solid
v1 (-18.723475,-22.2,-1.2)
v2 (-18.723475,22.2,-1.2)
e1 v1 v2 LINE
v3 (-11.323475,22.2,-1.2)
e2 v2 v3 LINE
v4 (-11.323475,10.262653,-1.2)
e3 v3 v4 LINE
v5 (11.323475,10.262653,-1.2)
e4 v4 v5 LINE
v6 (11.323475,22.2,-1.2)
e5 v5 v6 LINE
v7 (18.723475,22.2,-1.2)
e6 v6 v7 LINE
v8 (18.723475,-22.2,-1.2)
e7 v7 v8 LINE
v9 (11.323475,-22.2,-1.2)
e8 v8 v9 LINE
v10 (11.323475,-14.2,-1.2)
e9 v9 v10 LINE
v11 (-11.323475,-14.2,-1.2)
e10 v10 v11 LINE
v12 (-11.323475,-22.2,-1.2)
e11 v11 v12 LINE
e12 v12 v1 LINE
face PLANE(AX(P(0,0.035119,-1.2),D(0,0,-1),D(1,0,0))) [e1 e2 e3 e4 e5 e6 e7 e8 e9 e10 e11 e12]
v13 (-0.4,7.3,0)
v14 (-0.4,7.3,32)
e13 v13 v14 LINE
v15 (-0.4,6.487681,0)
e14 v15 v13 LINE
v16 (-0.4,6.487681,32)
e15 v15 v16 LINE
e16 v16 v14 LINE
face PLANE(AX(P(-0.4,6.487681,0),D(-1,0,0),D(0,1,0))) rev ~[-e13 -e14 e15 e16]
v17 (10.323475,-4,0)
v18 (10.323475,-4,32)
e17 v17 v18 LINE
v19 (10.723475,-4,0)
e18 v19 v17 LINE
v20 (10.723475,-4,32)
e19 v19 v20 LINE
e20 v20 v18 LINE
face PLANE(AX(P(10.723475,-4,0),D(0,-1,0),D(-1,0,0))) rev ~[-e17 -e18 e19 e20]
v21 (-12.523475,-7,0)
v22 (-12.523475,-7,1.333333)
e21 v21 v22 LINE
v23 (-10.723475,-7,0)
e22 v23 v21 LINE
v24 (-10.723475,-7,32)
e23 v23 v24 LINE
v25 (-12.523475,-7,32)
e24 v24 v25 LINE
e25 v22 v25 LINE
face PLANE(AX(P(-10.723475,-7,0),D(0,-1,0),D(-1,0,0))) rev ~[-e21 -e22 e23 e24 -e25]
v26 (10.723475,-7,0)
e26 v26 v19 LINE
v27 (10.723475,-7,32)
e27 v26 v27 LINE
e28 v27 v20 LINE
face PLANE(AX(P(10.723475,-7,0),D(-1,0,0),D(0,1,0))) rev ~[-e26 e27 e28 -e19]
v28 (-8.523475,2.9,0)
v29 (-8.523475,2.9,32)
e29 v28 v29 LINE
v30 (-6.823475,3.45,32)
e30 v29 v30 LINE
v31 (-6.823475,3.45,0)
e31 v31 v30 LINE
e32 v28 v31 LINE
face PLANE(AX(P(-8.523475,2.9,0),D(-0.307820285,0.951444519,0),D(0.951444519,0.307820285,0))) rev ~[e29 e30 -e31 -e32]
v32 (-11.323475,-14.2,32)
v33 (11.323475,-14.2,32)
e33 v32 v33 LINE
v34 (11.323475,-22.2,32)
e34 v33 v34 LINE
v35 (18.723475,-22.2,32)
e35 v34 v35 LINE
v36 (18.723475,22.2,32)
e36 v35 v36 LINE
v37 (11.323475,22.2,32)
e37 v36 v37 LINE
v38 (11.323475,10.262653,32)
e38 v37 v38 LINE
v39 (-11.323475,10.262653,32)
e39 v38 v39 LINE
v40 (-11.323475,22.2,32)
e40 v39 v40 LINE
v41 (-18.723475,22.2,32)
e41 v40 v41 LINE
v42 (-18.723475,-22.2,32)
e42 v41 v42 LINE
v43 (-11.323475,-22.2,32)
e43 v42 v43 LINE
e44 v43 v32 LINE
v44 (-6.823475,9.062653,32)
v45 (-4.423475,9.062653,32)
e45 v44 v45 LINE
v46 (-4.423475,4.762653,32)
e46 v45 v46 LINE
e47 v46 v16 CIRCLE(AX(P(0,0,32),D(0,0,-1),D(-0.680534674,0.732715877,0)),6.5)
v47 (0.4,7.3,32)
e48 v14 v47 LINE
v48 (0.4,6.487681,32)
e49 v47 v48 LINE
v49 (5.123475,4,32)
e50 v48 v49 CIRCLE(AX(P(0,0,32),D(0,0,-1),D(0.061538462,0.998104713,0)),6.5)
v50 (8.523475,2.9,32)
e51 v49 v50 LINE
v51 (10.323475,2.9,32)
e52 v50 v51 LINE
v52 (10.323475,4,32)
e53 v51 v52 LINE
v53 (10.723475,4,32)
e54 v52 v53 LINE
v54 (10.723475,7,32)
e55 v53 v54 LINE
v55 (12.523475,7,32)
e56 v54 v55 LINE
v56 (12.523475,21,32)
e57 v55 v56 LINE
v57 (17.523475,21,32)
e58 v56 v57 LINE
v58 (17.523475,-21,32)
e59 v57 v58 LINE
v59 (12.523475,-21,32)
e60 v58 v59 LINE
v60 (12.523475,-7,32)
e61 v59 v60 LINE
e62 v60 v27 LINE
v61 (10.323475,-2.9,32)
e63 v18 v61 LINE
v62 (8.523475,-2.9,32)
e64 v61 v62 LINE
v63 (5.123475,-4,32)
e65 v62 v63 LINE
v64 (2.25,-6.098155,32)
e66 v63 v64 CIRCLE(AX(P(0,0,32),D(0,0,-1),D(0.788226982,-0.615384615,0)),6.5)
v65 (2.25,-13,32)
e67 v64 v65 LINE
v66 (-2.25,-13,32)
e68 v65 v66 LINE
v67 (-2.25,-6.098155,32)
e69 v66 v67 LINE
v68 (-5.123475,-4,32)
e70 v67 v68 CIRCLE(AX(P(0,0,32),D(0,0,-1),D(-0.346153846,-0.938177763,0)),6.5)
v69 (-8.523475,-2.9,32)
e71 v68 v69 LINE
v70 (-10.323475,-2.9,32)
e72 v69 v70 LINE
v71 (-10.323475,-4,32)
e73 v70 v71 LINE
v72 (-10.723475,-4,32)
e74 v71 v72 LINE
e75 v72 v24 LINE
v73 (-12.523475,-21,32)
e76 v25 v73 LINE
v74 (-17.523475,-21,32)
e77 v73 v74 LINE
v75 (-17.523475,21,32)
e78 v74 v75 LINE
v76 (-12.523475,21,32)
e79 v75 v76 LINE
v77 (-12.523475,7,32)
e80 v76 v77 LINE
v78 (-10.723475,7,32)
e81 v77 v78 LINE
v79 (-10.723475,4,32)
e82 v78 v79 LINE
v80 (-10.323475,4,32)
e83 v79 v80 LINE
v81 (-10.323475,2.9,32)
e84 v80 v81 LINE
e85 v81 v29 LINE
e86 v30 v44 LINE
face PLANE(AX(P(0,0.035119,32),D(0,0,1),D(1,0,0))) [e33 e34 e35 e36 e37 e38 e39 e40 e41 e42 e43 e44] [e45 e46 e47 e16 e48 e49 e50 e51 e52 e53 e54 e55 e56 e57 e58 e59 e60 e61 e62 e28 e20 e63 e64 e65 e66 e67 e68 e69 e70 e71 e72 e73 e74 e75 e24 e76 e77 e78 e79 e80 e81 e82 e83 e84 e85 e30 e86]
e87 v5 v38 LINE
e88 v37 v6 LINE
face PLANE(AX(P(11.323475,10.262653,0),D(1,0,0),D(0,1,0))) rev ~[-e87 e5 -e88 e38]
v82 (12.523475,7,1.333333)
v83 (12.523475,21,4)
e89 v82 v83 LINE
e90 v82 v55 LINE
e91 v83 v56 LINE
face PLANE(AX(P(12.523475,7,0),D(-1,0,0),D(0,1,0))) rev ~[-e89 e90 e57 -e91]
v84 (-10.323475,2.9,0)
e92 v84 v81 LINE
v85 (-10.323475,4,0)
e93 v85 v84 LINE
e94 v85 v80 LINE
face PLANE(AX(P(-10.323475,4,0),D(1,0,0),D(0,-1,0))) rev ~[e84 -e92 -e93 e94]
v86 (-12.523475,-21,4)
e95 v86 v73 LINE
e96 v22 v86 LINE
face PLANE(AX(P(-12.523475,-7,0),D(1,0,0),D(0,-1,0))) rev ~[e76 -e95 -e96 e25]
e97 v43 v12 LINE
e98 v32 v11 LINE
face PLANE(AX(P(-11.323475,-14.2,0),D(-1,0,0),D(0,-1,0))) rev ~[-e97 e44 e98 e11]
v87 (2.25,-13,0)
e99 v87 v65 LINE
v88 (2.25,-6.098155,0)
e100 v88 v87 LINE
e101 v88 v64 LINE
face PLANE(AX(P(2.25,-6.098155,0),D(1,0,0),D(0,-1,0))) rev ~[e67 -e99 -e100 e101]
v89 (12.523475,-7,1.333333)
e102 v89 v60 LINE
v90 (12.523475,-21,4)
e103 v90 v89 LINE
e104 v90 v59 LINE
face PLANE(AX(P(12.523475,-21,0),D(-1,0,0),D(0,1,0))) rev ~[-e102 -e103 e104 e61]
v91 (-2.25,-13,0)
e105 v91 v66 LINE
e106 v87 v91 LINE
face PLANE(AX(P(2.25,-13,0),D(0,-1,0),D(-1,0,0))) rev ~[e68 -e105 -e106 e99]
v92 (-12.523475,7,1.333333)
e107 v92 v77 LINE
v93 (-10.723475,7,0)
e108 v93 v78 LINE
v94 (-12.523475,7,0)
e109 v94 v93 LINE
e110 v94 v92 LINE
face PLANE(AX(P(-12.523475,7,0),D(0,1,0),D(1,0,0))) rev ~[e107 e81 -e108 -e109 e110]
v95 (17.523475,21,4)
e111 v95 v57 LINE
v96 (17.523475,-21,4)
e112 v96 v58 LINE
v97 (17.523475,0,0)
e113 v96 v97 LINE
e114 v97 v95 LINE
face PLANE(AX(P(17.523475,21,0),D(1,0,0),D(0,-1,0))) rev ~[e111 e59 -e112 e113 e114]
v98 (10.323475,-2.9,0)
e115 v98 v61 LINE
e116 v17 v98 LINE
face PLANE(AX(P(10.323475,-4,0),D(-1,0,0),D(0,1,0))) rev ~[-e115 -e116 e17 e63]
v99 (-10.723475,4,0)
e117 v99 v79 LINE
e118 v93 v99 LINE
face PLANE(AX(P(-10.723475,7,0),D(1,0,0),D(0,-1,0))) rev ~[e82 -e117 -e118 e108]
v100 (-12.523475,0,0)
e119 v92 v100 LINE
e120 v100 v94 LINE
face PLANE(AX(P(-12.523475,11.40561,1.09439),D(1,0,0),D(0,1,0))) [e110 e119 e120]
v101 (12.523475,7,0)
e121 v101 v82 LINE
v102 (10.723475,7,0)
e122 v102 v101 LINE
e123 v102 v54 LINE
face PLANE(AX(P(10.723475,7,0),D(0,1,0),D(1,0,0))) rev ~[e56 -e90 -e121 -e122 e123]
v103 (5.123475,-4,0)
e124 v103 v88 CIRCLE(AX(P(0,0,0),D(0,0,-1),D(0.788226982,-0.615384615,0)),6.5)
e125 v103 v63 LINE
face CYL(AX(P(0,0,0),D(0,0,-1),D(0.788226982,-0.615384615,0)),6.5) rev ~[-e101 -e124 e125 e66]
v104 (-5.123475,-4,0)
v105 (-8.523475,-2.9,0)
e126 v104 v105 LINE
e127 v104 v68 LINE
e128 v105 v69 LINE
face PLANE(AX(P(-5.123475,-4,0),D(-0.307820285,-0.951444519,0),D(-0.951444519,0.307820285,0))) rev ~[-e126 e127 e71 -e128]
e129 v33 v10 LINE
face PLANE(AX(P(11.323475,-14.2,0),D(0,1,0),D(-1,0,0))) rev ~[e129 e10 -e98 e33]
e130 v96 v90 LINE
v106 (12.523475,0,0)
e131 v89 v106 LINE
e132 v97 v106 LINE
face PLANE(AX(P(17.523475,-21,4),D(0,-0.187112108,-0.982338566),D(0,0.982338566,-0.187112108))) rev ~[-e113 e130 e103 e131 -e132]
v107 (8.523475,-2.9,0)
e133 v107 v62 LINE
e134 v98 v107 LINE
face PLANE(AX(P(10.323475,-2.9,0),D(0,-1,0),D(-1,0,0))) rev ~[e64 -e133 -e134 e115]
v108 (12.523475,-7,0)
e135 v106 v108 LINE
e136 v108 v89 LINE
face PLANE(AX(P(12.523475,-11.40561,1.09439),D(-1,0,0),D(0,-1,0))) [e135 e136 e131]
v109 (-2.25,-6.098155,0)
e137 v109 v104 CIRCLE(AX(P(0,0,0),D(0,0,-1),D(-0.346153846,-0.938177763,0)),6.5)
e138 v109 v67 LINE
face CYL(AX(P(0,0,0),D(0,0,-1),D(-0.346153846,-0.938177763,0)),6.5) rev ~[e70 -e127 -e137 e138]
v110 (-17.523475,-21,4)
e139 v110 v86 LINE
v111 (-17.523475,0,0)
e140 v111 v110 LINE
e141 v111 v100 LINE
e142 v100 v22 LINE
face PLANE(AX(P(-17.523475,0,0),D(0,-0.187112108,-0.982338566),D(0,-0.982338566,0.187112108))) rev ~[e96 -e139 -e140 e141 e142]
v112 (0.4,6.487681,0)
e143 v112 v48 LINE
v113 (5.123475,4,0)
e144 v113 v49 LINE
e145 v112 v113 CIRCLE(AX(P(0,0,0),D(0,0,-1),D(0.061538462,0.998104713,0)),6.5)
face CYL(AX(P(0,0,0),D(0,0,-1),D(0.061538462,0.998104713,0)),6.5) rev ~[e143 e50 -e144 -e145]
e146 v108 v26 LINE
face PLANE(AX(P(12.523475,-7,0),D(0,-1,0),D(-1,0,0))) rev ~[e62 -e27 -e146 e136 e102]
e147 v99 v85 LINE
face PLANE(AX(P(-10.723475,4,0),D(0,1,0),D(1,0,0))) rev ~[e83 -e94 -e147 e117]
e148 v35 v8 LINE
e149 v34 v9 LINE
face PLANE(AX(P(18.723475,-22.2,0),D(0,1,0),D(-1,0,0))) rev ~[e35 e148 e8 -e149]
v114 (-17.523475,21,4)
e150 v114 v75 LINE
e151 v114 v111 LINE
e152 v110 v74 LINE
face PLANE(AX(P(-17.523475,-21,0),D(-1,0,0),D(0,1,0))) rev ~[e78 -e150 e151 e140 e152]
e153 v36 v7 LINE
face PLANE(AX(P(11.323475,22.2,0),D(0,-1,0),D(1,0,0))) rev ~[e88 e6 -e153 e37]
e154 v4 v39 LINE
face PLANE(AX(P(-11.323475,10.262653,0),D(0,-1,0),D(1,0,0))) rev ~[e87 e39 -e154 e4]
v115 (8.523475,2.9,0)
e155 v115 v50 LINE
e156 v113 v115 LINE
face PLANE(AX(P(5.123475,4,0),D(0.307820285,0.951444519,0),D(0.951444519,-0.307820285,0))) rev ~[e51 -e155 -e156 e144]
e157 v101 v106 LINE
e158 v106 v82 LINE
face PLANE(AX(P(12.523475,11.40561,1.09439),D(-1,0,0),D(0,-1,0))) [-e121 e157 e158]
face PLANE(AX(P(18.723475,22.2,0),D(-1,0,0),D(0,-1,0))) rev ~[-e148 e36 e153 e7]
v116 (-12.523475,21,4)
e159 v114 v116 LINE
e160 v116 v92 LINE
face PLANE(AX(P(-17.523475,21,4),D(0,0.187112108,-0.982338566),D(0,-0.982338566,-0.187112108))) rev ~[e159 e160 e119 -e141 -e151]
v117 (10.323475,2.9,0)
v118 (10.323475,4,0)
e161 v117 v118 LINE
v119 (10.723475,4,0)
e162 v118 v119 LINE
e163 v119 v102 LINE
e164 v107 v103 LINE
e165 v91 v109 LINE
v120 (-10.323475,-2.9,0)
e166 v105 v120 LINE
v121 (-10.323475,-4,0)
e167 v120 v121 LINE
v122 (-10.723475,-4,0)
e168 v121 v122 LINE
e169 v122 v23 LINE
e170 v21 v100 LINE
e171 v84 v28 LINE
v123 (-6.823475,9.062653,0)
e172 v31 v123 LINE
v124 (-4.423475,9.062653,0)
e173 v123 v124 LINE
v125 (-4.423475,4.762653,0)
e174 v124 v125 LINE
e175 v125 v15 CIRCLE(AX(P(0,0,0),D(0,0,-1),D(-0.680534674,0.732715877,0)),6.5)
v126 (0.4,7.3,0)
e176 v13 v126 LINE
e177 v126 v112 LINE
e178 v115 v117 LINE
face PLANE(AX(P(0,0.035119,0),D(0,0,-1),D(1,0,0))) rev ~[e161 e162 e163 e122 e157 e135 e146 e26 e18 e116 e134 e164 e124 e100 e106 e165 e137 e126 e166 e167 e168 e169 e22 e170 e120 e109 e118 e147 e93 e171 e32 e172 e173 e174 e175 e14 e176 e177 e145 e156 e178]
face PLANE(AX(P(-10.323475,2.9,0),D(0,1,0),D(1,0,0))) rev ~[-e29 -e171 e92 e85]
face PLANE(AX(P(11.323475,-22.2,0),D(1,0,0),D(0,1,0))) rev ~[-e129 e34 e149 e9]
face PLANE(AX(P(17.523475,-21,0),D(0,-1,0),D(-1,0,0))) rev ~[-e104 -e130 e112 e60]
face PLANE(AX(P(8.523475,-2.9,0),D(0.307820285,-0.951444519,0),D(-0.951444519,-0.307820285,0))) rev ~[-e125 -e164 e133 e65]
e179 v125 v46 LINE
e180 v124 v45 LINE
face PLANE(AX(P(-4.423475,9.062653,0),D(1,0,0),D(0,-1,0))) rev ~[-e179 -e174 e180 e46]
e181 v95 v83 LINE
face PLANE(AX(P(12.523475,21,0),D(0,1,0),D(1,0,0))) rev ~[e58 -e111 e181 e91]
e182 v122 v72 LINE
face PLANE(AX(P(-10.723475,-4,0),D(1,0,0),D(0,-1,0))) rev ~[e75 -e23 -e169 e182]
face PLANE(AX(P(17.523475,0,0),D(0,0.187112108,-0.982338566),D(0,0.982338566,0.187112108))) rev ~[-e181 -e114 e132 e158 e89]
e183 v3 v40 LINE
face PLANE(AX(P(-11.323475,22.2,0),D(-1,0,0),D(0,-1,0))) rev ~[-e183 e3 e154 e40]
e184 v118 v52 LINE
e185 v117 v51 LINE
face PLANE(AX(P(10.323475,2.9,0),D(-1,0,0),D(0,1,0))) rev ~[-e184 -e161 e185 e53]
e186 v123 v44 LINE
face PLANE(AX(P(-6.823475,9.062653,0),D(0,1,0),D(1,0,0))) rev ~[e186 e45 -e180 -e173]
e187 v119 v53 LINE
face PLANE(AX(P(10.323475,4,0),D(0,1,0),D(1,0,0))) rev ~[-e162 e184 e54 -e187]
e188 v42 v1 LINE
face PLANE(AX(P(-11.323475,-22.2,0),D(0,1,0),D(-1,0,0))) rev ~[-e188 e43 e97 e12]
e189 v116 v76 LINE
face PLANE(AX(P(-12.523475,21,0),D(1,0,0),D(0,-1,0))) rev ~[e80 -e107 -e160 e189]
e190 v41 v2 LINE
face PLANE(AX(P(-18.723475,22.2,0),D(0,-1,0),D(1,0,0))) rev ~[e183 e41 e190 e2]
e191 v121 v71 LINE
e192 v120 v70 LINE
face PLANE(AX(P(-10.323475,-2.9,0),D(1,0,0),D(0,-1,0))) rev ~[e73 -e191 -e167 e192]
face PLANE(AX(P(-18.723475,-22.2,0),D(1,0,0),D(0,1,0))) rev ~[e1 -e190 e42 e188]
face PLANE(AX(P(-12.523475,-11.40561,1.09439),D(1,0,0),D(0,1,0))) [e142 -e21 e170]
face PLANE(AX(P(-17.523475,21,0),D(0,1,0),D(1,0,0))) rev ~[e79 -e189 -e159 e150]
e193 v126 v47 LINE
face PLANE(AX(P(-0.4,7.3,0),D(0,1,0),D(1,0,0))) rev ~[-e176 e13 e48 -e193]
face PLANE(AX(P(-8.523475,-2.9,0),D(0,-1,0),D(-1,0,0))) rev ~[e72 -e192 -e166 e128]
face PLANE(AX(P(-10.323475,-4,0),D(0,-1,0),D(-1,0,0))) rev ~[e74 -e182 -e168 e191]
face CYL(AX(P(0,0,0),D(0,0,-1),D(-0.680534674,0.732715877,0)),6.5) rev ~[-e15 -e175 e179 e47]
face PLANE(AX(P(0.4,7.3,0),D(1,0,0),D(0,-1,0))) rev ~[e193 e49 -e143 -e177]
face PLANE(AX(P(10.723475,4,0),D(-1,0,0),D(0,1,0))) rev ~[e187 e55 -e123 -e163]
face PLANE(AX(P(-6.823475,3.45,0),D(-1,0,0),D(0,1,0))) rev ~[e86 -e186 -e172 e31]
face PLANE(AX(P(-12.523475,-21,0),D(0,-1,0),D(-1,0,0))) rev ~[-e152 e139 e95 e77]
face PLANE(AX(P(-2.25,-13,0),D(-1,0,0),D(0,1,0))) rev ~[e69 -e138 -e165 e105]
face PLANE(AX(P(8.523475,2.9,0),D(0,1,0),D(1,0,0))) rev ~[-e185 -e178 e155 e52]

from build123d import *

# Parameters (mm, degrees)
F1_DEPTH = 32
F3_DEPTH = 1.2
F7_DEPTH = 5
F8_DEPTH = 5


with BuildPart() as f1:
    # F0 (on Top) → F1 (new body)
    with BuildSketch(Plane.XY):
        Polygon((-18.723475383, -22.2), (-11.323475383, -22.2), (-11.323475383, -14.2), (-2.25, -14.2), (2.25, -14.2), (11.323475383, -14.2), (11.323475383, -22.2), (18.723475383, -22.2), (18.723475383, 0), (18.723475383, 22.2), (11.323475383, 22.2), (11.323475383, 10.2626532034), (-4.423475383, 10.2626532034), (-6.823475383, 10.2626532034), (-11.323475383, 10.2626532034), (-11.323475383, 22.2), (-18.723475383, 22.2), (-18.723475383, 0), align=None)
        with BuildLine():
            ThreePointArc((-2.25, -6.0981554588), (-3.833092601, -5.2495143691), (-5.123475383, -4))
            Line((-5.123475383, -4), (-8.523475383, -2.9))
            Line((-8.523475383, -2.9), (-10.323475383, -2.9))
            Line((-10.323475383, -2.9), (-10.323475383, -4))
            Line((-10.323475383, -4), (-10.723475383, -4))
            Line((-10.723475383, -4), (-10.723475383, -7))
            Line((-10.723475383, -7), (-12.523475383, -7))
            Line((-12.523475383, -7), (-12.523475383, -21))
            Line((-12.523475383, -21), (-17.523475383, -21))
            Line((-17.523475383, -21), (-17.523475383, 0))
            Line((-17.523475383, 0), (-17.523475383, 21))
            Line((-17.523475383, 21), (-12.523475383, 21))
            Line((-12.523475383, 21), (-12.523475383, 7))
            Line((-12.523475383, 7), (-10.723475383, 7))
            Line((-10.723475383, 7), (-10.723475383, 4))
            Line((-10.723475383, 4), (-10.323475383, 4))
            Line((-10.323475383, 4), (-10.323475383, 2.9))
            Line((-10.323475383, 2.9), (-8.523475383, 2.9))
            Line((-8.523475383, 2.9), (-6.823475383, 3.45))
            Line((-6.823475383, 3.45), (-6.823475383, 9.0626532034))
            Line((-6.823475383, 9.0626532034), (-4.423475383, 9.0626532034))
            Line((-4.423475383, 9.0626532034), (-4.423475383, 4.7626532034))
            ThreePointArc((-4.423475383, 4.7626532034), (-2.5613294597, 5.9740766148), (-0.4, 6.4876806333))
            Line((-0.4, 6.4876806333), (-0.4, 7.3))
            Line((-0.4, 7.3), (0, 7.3))
            Line((0, 7.3), (0.4, 7.3))
            Line((0.4, 7.3), (0.4, 6.4876806333))
            ThreePointArc((0.4, 6.4876806333), (3.0289162765, 5.7511447721), (5.123475383, 4))
            Line((5.123475383, 4), (8.523475383, 2.9))
            Line((8.523475383, 2.9), (10.323475383, 2.9))
            Line((10.323475383, 2.9), (10.323475383, 4))
            Line((10.323475383, 4), (10.723475383, 4))
            Line((10.723475383, 4), (10.723475383, 7))
            Line((10.723475383, 7), (12.523475383, 7))
            Line((12.523475383, 7), (12.523475383, 21))
            Line((12.523475383, 21), (17.523475383, 21))
            Line((17.523475383, 21), (17.523475383, 0))
            Line((17.523475383, 0), (17.523475383, -21))
            Line((17.523475383, -21), (12.523475383, -21))
            Line((12.523475383, -21), (12.523475383, -7))
            Line((12.523475383, -7), (10.723475383, -7))
            Line((10.723475383, -7), (10.723475383, -4))
            Line((10.723475383, -4), (10.323475383, -4))
            Line((10.323475383, -4), (10.323475383, -2.9))
            Line((10.323475383, -2.9), (8.523475383, -2.9))
            Line((8.523475383, -2.9), (5.123475383, -4))
            ThreePointArc((5.123475383, -4), (3.833092601, -5.2495143691), (2.25, -6.0981554588))
            Line((2.25, -6.0981554588), (2.25, -13))
            Line((2.25, -13), (-2.25, -13))
            Line((-2.25, -13), (-2.25, -6.0981554588))
        make_face(mode=Mode.SUBTRACT)
    extrude(amount=F1_DEPTH)

    # F2 (on face) → F3 (join)
    with BuildSketch(Plane(origin=(0, 0, 0), x_dir=(1, 0, 0), z_dir=(0, 0, -1))):
        Polygon((11.323475383, -10.2626532034), (11.323475383, -22.2), (18.723475383, -22.2), (18.723475383, 0), (18.723475383, 22.2), (11.323475383, 22.2), (11.323475383, 14.2), (-11.323475383, 14.2), (-11.323475383, 22.2), (-18.723475383, 22.2), (-18.723475383, -22.2), (-11.323475383, -22.2), (-11.323475383, -10.2626532034), align=None)
        with BuildLine():
            Line((17.523475383, 21), (17.523475383, 0))
            Line((17.523475383, 0), (17.523475383, -21))
            Line((17.523475383, -21), (12.523475383, -21))
            Line((12.523475383, -21), (12.523475383, -7))
            Line((12.523475383, -7), (10.723475383, -7))
            Line((10.723475383, -7), (10.723475383, -4))
            Line((10.723475383, -4), (10.323475383, -4))
            Line((10.323475383, -4), (10.323475383, -2.9))
            Line((10.323475383, -2.9), (8.523475383, -2.9))
            Line((8.523475383, -2.9), (5.123475383, -4))
            ThreePointArc((5.123475383, -4), (3.0289162765, -5.7511447721), (0.4, -6.4876806333))
            Line((0.4, -6.4876806333), (0.4, -7.3))
            Line((0.4, -7.3), (-0.4, -7.3))
            Line((-0.4, -7.3), (-0.4, -6.4876806333))
            ThreePointArc((-0.4, -6.4876806333), (-2.5613294597, -5.9740766148), (-4.423475383, -4.7626532034))
            Line((-4.423475383, -4.7626532034), (-4.423475383, -9.0626532034))
            Line((-4.423475383, -9.0626532034), (-6.823475383, -9.0626532034))
            Line((-6.823475383, -9.0626532034), (-6.823475383, -3.45))
            Line((-6.823475383, -3.45), (-8.523475383, -2.9))
            Line((-8.523475383, -2.9), (-10.323475383, -2.9))
            Line((-10.323475383, -2.9), (-10.323475383, -4))
            Line((-10.323475383, -4), (-10.723475383, -4))
            Line((-10.723475383, -4), (-10.723475383, -7))
            Line((-10.723475383, -7), (-12.523475383, -7))
            Line((-12.523475383, -7), (-12.523475383, -21))
            Line((-12.523475383, -21), (-17.523475383, -21))
            Line((-17.523475383, -21), (-17.523475383, 0))
            Line((-17.523475383, 0), (-17.523475383, 21))
            Line((-17.523475383, 21), (-12.523475383, 21))
            Line((-12.523475383, 21), (-12.523475383, 7))
            Line((-12.523475383, 7), (-10.723475383, 7))
            Line((-10.723475383, 7), (-10.723475383, 4))
            Line((-10.723475383, 4), (-10.323475383, 4))
            Line((-10.323475383, 4), (-10.323475383, 2.9))
            Line((-10.323475383, 2.9), (-8.523475383, 2.9))
            Line((-8.523475383, 2.9), (-5.123475383, 4))
            ThreePointArc((-5.123475383, 4), (-3.833092601, 5.2495143691), (-2.25, 6.0981554588))
            Line((-2.25, 6.0981554588), (-2.25, 13))
            Line((-2.25, 13), (2.25, 13))
            Line((2.25, 13), (2.25, 6.0981554588))
            ThreePointArc((2.25, 6.0981554588), (3.833092601, 5.2495143691), (5.123475383, 4))
            Line((5.123475383, 4), (8.523475383, 2.9))
            Line((8.523475383, 2.9), (10.323475383, 2.9))
            Line((10.323475383, 2.9), (10.323475383, 4))
            Line((10.323475383, 4), (10.723475383, 4))
            Line((10.723475383, 4), (10.723475383, 7))
            Line((10.723475383, 7), (12.523475383, 7))
            Line((12.523475383, 7), (12.523475383, 21))
            Line((12.523475383, 21), (17.523475383, 21))
        make_face(mode=Mode.SUBTRACT)
        with BuildLine():
            Line((17.523475383, -21), (17.523475383, 0))
            Line((17.523475383, 0), (-17.523475383, 0))
            Line((-17.523475383, 0), (-17.523475383, -21))
            Line((-17.523475383, -21), (-12.523475383, -21))
            Line((-12.523475383, -21), (-12.523475383, -7))
            Line((-12.523475383, -7), (-10.723475383, -7))
            Line((-10.723475383, -7), (-10.723475383, -4))
            Line((-10.723475383, -4), (-10.323475383, -4))
            Line((-10.323475383, -4), (-10.323475383, -2.9))
            Line((-10.323475383, -2.9), (-8.523475383, -2.9))
            Line((-8.523475383, -2.9), (-6.823475383, -3.45))
            Line((-6.823475383, -3.45), (-6.823475383, -9.0626532034))
            Line((-6.823475383, -9.0626532034), (-4.423475383, -9.0626532034))
            Line((-4.423475383, -9.0626532034), (-4.423475383, -4.7626532034))
            ThreePointArc((-4.423475383, -4.7626532034), (-2.5613294597, -5.9740766148), (-0.4, -6.4876806333))
            Line((-0.4, -6.4876806333), (-0.4, -7.3))
            Line((-0.4, -7.3), (0.4, -7.3))
            Line((0.4, -7.3), (0.4, -6.4876806333))
            ThreePointArc((0.4, -6.4876806333), (3.0289162765, -5.7511447721), (5.123475383, -4))
            Line((5.123475383, -4), (8.523475383, -2.9))
            Line((8.523475383, -2.9), (10.323475383, -2.9))
            Line((10.323475383, -2.9), (10.323475383, -4))
            Line((10.323475383, -4), (10.723475383, -4))
            Line((10.723475383, -4), (10.723475383, -7))
            Line((10.723475383, -7), (12.523475383, -7))
            Line((12.523475383, -7), (12.523475383, -21))
            Line((12.523475383, -21), (17.523475383, -21))
        make_face()
        with BuildLine():
            Line((-17.523475383, 0), (17.523475383, 0))
            Line((17.523475383, 0), (17.523475383, 21))
            Line((17.523475383, 21), (12.523475383, 21))
            Line((12.523475383, 21), (12.523475383, 7))
            Line((12.523475383, 7), (10.723475383, 7))
            Line((10.723475383, 7), (10.723475383, 4))
            Line((10.723475383, 4), (10.323475383, 4))
            Line((10.323475383, 4), (10.323475383, 2.9))
            Line((10.323475383, 2.9), (8.523475383, 2.9))
            Line((8.523475383, 2.9), (5.123475383, 4))
            ThreePointArc((5.123475383, 4), (3.833092601, 5.2495143691), (2.25, 6.0981554588))
            Line((2.25, 6.0981554588), (2.25, 13))
            Line((2.25, 13), (-2.25, 13))
            Line((-2.25, 13), (-2.25, 6.0981554588))
            ThreePointArc((-2.25, 6.0981554588), (-3.833092601, 5.2495143691), (-5.123475383, 4))
            Line((-5.123475383, 4), (-8.523475383, 2.9))
            Line((-8.523475383, 2.9), (-10.323475383, 2.9))
            Line((-10.323475383, 2.9), (-10.323475383, 4))
            Line((-10.323475383, 4), (-10.723475383, 4))
            Line((-10.723475383, 4), (-10.723475383, 7))
            Line((-10.723475383, 7), (-12.523475383, 7))
            Line((-12.523475383, 7), (-12.523475383, 21))
            Line((-12.523475383, 21), (-17.523475383, 21))
            Line((-17.523475383, 21), (-17.523475383, 0))
        make_face()
    extrude(amount=F3_DEPTH)

    # F5 (on face) → F7 (join, through all)
    with BuildSketch(Plane.YZ.offset(-17.523475383)):
        Polygon((-21, 4), (-21, 0), (0, 0), align=None)
        Polygon((21, 4), (0, 0), (21, 0), align=None)
    extrude(amount=F7_DEPTH)

    # F6 (on face) → F8 (join, through all)
    with BuildSketch(Plane(origin=(17.523475383, 0, 0), x_dir=(0, -1, 0), z_dir=(-1, 0, 0))):
        Polygon((-21, 4), (-21, 0), (0, 0), align=None)
        Polygon((21, 4), (0, 0), (21, 0), align=None)
    extrude(amount=F8_DEPTH)


solid = f1.part
